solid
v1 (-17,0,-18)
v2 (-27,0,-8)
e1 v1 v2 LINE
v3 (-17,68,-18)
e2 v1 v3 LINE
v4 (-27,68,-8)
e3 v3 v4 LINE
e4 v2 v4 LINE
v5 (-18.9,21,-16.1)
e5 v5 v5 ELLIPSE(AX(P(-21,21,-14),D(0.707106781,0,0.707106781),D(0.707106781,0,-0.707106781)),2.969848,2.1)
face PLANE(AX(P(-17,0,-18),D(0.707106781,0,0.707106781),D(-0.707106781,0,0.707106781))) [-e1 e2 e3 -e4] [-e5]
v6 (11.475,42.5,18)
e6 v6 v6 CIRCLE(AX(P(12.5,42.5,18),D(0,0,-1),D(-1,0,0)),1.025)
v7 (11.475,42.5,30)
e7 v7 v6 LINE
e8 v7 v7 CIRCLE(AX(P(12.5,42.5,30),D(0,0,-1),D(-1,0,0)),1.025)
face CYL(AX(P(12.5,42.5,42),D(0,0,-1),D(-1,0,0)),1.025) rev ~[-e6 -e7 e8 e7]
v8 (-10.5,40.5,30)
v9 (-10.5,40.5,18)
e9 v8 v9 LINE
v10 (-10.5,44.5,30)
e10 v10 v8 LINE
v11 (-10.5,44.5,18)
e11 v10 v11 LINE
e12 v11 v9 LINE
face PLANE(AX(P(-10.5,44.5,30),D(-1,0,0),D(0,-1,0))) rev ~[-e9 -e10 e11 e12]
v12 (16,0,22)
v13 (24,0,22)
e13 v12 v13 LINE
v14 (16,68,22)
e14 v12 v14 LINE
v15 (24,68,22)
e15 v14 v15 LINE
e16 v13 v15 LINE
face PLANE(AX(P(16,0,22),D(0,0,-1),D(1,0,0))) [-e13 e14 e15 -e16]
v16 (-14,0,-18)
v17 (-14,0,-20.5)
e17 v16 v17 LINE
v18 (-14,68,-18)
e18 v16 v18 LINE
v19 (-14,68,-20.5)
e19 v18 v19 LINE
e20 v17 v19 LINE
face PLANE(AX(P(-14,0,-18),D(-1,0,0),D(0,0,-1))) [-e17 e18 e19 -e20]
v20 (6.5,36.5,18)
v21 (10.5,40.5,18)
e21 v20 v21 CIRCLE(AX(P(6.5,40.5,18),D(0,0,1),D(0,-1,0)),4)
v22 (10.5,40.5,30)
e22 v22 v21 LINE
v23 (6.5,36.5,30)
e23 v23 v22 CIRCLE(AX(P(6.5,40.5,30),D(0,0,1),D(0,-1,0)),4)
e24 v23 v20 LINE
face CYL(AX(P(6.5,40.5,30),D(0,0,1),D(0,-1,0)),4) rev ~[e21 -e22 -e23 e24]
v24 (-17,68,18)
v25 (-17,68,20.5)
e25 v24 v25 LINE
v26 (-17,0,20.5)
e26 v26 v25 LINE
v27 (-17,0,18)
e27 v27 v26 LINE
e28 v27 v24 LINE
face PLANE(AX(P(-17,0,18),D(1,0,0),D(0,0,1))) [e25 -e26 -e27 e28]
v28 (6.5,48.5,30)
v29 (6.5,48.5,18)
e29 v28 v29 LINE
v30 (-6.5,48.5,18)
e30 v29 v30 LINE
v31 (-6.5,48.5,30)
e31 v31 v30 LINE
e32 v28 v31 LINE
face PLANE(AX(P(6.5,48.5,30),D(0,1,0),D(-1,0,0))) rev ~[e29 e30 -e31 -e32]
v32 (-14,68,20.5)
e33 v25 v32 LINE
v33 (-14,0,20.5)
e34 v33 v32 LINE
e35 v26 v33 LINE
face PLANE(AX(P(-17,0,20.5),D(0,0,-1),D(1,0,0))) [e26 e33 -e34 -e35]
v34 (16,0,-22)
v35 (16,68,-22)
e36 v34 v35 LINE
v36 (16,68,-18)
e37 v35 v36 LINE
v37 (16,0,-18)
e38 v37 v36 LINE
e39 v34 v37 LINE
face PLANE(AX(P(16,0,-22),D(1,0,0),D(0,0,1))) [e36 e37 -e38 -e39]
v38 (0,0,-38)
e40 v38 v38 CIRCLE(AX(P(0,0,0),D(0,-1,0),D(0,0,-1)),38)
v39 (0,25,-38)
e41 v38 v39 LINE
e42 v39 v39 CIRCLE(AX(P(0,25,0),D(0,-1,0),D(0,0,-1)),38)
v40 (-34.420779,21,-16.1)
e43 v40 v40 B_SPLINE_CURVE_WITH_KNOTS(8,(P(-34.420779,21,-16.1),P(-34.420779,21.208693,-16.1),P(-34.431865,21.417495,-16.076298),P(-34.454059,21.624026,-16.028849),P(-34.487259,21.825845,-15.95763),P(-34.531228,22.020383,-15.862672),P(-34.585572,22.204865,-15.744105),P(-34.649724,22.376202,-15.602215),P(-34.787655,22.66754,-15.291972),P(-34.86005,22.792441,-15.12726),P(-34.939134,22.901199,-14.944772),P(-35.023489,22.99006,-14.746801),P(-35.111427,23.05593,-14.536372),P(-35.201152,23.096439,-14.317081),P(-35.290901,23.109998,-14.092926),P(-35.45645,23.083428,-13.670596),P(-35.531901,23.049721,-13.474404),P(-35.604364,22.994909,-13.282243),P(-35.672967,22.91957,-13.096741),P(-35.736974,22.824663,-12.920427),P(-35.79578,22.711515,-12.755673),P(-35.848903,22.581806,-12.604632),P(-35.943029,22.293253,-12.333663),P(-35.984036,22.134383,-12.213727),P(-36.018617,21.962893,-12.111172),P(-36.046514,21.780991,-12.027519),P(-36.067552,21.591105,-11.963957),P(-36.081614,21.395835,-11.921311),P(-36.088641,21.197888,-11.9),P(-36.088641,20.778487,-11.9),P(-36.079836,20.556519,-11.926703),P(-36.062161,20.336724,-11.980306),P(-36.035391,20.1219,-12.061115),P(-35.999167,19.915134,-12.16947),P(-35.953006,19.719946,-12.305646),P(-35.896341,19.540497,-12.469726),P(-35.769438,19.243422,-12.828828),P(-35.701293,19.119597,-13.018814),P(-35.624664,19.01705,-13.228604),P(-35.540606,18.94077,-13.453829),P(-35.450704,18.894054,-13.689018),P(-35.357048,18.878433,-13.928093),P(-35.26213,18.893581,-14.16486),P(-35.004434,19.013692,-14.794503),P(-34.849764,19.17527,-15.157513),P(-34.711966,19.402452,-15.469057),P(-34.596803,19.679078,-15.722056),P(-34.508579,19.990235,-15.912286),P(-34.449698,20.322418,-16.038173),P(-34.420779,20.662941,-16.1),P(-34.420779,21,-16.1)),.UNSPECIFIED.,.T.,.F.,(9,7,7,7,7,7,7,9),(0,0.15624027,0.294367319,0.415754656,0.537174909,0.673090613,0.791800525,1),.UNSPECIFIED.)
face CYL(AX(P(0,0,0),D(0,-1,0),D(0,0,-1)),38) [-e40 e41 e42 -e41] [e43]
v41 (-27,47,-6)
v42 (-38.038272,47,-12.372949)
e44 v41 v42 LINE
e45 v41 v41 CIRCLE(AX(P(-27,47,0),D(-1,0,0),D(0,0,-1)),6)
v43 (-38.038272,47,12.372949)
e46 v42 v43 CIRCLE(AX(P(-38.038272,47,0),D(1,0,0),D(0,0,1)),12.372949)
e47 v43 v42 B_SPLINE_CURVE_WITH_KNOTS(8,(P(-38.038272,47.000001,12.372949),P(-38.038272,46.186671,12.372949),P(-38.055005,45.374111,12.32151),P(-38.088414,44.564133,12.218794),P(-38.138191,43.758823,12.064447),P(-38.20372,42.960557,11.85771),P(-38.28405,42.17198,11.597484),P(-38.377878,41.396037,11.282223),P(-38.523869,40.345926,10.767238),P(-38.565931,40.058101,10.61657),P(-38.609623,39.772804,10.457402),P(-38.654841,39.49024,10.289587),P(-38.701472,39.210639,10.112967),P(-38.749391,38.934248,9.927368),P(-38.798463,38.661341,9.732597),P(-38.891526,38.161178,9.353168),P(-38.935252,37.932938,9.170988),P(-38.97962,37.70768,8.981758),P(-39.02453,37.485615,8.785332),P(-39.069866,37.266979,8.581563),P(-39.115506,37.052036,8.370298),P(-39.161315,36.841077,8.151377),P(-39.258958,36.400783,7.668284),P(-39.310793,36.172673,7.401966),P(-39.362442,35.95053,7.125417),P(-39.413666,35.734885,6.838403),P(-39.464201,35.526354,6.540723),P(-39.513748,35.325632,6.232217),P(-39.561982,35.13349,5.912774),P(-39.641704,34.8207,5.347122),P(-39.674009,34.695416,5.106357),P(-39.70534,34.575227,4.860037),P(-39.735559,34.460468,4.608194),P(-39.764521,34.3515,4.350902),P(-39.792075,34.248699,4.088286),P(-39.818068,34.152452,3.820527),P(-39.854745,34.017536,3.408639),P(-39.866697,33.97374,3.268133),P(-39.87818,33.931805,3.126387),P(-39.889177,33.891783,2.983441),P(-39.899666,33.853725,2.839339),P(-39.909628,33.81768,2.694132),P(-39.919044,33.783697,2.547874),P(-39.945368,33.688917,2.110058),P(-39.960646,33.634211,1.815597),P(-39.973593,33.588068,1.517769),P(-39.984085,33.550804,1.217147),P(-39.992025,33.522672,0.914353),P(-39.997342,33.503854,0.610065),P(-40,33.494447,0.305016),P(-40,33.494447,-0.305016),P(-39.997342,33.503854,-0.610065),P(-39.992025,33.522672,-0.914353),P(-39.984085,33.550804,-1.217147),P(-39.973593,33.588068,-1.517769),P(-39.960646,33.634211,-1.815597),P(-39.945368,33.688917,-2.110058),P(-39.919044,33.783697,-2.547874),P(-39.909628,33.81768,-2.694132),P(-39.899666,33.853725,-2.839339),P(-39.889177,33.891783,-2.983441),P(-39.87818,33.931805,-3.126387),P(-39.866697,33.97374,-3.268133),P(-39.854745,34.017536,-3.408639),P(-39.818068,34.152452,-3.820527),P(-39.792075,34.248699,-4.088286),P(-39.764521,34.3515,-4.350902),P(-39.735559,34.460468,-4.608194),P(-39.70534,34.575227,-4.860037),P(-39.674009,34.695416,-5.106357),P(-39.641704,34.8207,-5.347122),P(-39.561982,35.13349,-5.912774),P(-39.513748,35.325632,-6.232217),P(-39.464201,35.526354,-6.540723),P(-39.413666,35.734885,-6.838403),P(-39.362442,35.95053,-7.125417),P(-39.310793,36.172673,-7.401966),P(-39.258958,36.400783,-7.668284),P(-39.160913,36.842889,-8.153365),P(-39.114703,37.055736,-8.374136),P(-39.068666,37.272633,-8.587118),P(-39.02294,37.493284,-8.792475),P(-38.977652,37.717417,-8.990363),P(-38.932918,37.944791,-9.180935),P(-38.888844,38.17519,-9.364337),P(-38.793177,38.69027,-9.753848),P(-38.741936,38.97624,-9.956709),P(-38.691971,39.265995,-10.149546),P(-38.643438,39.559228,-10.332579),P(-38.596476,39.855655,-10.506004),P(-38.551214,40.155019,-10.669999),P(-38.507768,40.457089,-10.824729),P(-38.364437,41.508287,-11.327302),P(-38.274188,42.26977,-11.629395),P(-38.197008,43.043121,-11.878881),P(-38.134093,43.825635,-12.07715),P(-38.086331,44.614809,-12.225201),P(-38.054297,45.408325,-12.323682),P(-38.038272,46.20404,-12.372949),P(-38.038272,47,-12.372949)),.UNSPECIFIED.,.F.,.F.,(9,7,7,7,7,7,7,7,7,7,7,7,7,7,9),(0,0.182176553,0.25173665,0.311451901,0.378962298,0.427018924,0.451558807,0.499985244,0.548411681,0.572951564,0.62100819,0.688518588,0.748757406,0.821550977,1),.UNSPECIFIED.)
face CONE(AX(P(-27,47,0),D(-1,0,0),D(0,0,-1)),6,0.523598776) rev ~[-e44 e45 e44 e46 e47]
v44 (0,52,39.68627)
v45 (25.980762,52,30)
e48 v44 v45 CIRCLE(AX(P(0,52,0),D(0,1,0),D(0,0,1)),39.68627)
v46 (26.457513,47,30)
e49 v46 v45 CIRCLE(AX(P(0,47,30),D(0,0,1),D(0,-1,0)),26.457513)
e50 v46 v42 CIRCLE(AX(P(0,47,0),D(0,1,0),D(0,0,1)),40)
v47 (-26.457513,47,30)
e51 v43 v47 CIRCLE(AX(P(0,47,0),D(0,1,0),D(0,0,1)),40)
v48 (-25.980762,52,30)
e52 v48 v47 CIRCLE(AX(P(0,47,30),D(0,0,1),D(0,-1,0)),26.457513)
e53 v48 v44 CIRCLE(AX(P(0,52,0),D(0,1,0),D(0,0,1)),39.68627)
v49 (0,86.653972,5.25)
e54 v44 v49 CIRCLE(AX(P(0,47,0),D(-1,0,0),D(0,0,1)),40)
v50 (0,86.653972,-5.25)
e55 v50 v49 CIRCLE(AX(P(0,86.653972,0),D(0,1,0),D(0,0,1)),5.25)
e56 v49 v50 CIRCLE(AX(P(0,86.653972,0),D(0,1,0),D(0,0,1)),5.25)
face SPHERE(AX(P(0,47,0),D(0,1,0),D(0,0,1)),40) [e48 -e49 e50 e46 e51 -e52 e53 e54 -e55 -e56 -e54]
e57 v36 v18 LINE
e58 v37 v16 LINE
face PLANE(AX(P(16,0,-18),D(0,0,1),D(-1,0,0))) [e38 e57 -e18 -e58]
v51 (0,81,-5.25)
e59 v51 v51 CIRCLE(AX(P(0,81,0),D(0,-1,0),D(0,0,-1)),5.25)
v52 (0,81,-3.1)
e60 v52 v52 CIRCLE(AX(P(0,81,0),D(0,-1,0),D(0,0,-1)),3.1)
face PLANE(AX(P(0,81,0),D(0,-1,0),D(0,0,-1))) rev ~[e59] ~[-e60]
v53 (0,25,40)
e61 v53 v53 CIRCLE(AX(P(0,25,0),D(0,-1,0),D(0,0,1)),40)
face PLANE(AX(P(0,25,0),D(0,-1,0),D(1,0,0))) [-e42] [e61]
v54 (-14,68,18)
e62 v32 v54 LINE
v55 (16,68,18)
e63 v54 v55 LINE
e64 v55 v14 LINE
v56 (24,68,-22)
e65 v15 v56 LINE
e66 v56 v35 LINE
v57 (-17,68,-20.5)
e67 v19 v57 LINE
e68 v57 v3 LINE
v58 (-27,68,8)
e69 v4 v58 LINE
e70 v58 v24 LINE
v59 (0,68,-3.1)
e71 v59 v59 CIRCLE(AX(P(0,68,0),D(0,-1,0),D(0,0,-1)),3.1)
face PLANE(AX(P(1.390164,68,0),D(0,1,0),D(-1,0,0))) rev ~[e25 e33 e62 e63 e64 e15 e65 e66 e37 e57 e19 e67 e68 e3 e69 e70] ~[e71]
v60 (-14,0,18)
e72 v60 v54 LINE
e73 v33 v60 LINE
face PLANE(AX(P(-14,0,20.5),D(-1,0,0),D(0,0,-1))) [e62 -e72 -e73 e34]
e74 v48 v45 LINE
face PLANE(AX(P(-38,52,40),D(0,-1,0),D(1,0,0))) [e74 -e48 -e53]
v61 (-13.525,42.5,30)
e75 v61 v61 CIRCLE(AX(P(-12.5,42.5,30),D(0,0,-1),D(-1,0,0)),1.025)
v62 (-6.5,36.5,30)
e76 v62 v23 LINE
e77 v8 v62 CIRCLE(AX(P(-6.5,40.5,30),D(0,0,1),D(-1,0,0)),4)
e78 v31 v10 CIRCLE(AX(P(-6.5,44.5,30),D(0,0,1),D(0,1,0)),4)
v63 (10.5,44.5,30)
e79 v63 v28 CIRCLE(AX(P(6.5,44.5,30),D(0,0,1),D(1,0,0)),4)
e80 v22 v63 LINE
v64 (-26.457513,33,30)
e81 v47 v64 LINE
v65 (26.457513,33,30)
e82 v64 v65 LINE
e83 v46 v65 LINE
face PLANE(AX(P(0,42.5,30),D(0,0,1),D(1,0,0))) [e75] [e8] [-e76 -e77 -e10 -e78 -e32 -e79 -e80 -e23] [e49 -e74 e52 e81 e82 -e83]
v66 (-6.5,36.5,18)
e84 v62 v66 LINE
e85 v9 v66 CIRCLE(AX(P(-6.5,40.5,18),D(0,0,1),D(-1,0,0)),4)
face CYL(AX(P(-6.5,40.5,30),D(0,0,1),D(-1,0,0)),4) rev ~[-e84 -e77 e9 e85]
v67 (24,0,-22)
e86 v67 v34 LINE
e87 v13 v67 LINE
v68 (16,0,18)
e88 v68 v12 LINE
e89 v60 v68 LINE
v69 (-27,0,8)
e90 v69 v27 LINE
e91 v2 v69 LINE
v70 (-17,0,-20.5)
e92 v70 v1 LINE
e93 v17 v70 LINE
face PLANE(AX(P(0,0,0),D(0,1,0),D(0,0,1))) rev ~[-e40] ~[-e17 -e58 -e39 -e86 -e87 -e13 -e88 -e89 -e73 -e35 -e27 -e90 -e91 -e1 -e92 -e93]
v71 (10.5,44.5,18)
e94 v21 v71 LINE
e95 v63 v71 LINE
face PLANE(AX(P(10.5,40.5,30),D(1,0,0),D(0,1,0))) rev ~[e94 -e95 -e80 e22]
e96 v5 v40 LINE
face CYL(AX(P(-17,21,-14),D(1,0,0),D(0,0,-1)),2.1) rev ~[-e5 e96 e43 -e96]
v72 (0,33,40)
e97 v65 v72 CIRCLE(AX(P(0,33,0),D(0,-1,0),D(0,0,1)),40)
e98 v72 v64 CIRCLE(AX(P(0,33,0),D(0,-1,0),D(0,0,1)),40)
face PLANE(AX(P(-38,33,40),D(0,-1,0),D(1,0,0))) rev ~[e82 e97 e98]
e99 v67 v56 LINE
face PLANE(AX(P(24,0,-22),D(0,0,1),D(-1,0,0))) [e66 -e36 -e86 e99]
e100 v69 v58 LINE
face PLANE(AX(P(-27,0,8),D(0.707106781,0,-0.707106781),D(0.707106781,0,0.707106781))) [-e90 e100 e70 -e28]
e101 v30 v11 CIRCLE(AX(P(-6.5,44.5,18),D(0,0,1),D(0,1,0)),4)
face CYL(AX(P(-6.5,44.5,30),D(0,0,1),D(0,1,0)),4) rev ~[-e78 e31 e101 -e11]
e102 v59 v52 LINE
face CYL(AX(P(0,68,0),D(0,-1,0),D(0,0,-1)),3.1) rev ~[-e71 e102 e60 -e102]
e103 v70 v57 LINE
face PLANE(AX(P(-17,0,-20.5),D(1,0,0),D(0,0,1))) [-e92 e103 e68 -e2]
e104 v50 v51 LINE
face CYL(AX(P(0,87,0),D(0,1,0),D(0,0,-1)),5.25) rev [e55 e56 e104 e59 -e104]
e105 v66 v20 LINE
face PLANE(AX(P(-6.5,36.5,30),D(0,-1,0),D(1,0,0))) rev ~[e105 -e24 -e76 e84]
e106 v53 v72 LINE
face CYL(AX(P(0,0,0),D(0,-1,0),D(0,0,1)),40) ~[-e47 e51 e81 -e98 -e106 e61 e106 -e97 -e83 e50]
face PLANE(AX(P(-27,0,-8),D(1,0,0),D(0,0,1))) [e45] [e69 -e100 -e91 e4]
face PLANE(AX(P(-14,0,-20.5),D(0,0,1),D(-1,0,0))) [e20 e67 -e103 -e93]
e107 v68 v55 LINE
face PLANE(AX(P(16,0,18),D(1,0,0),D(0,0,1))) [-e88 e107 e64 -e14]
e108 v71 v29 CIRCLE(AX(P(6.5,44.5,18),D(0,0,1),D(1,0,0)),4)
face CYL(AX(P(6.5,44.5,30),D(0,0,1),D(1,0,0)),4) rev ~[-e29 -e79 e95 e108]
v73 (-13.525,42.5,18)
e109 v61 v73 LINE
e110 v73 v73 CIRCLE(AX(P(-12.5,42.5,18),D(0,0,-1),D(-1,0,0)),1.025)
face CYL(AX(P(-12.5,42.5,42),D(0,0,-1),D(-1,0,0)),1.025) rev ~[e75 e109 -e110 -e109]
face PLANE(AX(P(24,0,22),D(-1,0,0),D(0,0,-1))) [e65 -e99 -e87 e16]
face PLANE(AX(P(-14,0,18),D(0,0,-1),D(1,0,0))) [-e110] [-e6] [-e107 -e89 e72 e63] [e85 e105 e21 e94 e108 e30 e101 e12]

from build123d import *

# Parameters (mm, degrees)
ESQUISSE1_R                  = 40
BOSS_EXTRU_1_DEPTH           = 87
CONG_1_R                     = 40
ESQUISSE2_OUTSIDE_W          = 110.544
ESQUISSE2_OUTSIDE_H          = 110.544
ESQUISSE2_OUTSIDE_R          = 38
ENL_V_MAT_EXTRU_1_DEPTH      = 25
ENL_V_START                  = 40
ESQUISSE3_W                  = 76
ESQUISSE3_H                  = 19
ENL_V_MAT_EXTRU_2_DEPTH      = 10
ENL_V_MAT_EXTRU_3_DEPTH      = 20
ENL_V_MAT_EXTRU_4_DEPTH      = 68
ENL_V_MAT_EXTRU_5_REACH      = 21
ENL_V_MAT_EXTRU_5_END_RADIUS = 40
ESQUISSE6_R                  = 3.1
ESQUISSE8_R                  = 5.25
ENL_V_MAT_EXTRU_6_DEPTH      = 6
TROU_TARAUD_M2_51_D          = 2.05
TROU_TARAUD_M2_51_DEPTH      = 12
TROU_TARAUD_M51_REACH        = 25
TROU_TARAUD_M51_BORE_R       = 2.1


with BuildPart() as part:
    # Esquisse1 → Boss.-Extru.1 (new body)
    with BuildSketch(Plane(origin=(0, 0, 0), x_dir=(1, 0, 0), z_dir=(0, 1, 0))):
        with Locations(Location((0, 0, 0), (0, 0, 270))):  # turned: the seam where the file's is
            Circle(ESQUISSE1_R)
    extrude(amount=BOSS_EXTRU_1_DEPTH)

    # Congé1
    cong_1_edges = [part.edges().sort_by_distance(p)[0] for p in [
        (0, 87, -40),
    ]]
    fillet(cong_1_edges, radius=CONG_1_R)

    # Esquisse2 outside → Enlèv. mat.-Extru.1 (cut)
    with BuildSketch(Plane.XZ):
        Rectangle(ESQUISSE2_OUTSIDE_W, ESQUISSE2_OUTSIDE_H)
        with Locations(Location((0, 0, 0), (0, 0, 270))):  # turned: the seam where the file's is
            Circle(ESQUISSE2_OUTSIDE_R, mode=Mode.SUBTRACT)
    extrude(amount=-ENL_V_MAT_EXTRU_1_DEPTH, mode=Mode.SUBTRACT)

    # Esquisse3 → Enlèv. mat.-Extru.2 (cut)
    with BuildSketch(Plane.XY.offset(ENL_V_START)):
        with Locations((0, 42.5)):
            Rectangle(ESQUISSE3_W, ESQUISSE3_H)
    extrude(amount=-ENL_V_MAT_EXTRU_2_DEPTH, mode=Mode.SUBTRACT)

    # Esquisse4 → Enlèv. mat.-Extru.3 (cut)
    with BuildSketch(Plane.XY.offset(30)):
        with BuildLine():
            Line((-6.5, 36.5), (6.5, 36.5))
            ThreePointArc((6.5, 36.5), (9.328427125, 37.671572875), (10.5, 40.5))
            Line((10.5, 40.5), (10.5, 44.5))
            ThreePointArc((10.5, 44.5), (9.328427125, 47.328427125), (6.5, 48.5))
            Line((6.5, 48.5), (-6.5, 48.5))
            ThreePointArc((-6.5, 48.5), (-9.328427125, 47.328427125), (-10.5, 44.5))
            Line((-10.5, 44.5), (-10.5, 40.5))
            ThreePointArc((-10.5, 40.5), (-9.328427125, 37.671572875), (-6.5, 36.5))
        make_face()
    extrude(amount=-ENL_V_MAT_EXTRU_3_DEPTH, mode=Mode.SUBTRACT)

    # Esquisse5 → Enlèv. mat.-Extru.4 (cut)
    with BuildSketch(Plane.XZ):
        Polygon((-14, 18), (16, 18), (16, 22), (24, 22), (24, -22), (16, -22), (16, -18), (-14, -18), (-14, -20.5), (-17, -20.5), (-17, -18), (-27, -8), (-27, 8), (-17, 18), (-17, 20.5), (-14, 20.5), align=None)
    extrude(amount=-ENL_V_MAT_EXTRU_4_DEPTH, mode=Mode.SUBTRACT)

    # Enlèv. mat.-Extru.5: up to this sphere (the profile starts inside it)
    enl_v_mat_extru_5_end = Location((0, 47, 0)) * Sphere(ENL_V_MAT_EXTRU_5_END_RADIUS, mode=Mode.PRIVATE)
    # Esquisse6 → Enlèv. mat.-Extru.5 (cut, up to the surface)
    with BuildSketch(Plane.XZ.offset(-68), mode=Mode.PRIVATE) as enl_v_mat_extru_5_sk1:
        with Locations(Location((0, 0, 0), (0, 0, 270))):  # turned: the seam where the file's is
            Circle(ESQUISSE6_R)
    enl_v_mat_extru_5_tool1 = extrude(enl_v_mat_extru_5_sk1.sketch, amount=-ENL_V_MAT_EXTRU_5_REACH, mode=Mode.PRIVATE) & enl_v_mat_extru_5_end
    add(enl_v_mat_extru_5_tool1.solids().sort_by_distance((0, 68, 0))[0], mode=Mode.SUBTRACT)

    # Esquisse8 → Enlèv. mat.-Extru.6 (cut)
    with BuildSketch(Plane.XZ.offset(-87)):
        with Locations(Location((0, 0, 0), (0, 0, 270))):  # turned: the seam where the file's is
            Circle(ESQUISSE8_R)
    extrude(amount=ENL_V_MAT_EXTRU_6_DEPTH, mode=Mode.SUBTRACT)

    # Esquisse11 → Enlèvement de matière-Révolution1 (revolve, cut)
    with BuildSketch(Plane.XY, mode=Mode.PRIVATE) as enl_vement_de_mati_re_r_volution1_sk:
        Polygon((-27, 47), (-27, 41), (-45, 30.607695155), (-45, 47), align=None)
    revolve(enl_vement_de_mati_re_r_volution1_sk.sketch.rotate(Axis((-27, 47, 0), (-1, 0, 0)), 270), axis=Axis((-27, 47, 0), (-1, 0, 0)), mode=Mode.SUBTRACT)  # turned: the seam where the file's is

    # Trou taraudé M2.51
    with Locations(Plane.XY.offset(30)):
        with Locations((-12.5, 42.5), (12.5, 42.5)):
            Hole(TROU_TARAUD_M2_51_D / 2, depth=TROU_TARAUD_M2_51_DEPTH)

    # Trou taraudé M51 bore → Trou taraudé M51 (cut, up to next)
    with BuildSketch(Plane(origin=(-17, 0, 0), x_dir=(0, 0, -1), z_dir=(1, 0, 0)), mode=Mode.PRIVATE) as trou_taraud_m51_sk1:
        with Locations((14, 21)):
            Circle(TROU_TARAUD_M51_BORE_R)
    trou_taraud_m51_tool1 = extrude(trou_taraud_m51_sk1.sketch, amount=-TROU_TARAUD_M51_REACH, mode=Mode.PRIVATE) & part.part
    add(trou_taraud_m51_tool1.solids().sort_by_distance((-17, 21, -14))[0], mode=Mode.SUBTRACT)


solid = part.part
